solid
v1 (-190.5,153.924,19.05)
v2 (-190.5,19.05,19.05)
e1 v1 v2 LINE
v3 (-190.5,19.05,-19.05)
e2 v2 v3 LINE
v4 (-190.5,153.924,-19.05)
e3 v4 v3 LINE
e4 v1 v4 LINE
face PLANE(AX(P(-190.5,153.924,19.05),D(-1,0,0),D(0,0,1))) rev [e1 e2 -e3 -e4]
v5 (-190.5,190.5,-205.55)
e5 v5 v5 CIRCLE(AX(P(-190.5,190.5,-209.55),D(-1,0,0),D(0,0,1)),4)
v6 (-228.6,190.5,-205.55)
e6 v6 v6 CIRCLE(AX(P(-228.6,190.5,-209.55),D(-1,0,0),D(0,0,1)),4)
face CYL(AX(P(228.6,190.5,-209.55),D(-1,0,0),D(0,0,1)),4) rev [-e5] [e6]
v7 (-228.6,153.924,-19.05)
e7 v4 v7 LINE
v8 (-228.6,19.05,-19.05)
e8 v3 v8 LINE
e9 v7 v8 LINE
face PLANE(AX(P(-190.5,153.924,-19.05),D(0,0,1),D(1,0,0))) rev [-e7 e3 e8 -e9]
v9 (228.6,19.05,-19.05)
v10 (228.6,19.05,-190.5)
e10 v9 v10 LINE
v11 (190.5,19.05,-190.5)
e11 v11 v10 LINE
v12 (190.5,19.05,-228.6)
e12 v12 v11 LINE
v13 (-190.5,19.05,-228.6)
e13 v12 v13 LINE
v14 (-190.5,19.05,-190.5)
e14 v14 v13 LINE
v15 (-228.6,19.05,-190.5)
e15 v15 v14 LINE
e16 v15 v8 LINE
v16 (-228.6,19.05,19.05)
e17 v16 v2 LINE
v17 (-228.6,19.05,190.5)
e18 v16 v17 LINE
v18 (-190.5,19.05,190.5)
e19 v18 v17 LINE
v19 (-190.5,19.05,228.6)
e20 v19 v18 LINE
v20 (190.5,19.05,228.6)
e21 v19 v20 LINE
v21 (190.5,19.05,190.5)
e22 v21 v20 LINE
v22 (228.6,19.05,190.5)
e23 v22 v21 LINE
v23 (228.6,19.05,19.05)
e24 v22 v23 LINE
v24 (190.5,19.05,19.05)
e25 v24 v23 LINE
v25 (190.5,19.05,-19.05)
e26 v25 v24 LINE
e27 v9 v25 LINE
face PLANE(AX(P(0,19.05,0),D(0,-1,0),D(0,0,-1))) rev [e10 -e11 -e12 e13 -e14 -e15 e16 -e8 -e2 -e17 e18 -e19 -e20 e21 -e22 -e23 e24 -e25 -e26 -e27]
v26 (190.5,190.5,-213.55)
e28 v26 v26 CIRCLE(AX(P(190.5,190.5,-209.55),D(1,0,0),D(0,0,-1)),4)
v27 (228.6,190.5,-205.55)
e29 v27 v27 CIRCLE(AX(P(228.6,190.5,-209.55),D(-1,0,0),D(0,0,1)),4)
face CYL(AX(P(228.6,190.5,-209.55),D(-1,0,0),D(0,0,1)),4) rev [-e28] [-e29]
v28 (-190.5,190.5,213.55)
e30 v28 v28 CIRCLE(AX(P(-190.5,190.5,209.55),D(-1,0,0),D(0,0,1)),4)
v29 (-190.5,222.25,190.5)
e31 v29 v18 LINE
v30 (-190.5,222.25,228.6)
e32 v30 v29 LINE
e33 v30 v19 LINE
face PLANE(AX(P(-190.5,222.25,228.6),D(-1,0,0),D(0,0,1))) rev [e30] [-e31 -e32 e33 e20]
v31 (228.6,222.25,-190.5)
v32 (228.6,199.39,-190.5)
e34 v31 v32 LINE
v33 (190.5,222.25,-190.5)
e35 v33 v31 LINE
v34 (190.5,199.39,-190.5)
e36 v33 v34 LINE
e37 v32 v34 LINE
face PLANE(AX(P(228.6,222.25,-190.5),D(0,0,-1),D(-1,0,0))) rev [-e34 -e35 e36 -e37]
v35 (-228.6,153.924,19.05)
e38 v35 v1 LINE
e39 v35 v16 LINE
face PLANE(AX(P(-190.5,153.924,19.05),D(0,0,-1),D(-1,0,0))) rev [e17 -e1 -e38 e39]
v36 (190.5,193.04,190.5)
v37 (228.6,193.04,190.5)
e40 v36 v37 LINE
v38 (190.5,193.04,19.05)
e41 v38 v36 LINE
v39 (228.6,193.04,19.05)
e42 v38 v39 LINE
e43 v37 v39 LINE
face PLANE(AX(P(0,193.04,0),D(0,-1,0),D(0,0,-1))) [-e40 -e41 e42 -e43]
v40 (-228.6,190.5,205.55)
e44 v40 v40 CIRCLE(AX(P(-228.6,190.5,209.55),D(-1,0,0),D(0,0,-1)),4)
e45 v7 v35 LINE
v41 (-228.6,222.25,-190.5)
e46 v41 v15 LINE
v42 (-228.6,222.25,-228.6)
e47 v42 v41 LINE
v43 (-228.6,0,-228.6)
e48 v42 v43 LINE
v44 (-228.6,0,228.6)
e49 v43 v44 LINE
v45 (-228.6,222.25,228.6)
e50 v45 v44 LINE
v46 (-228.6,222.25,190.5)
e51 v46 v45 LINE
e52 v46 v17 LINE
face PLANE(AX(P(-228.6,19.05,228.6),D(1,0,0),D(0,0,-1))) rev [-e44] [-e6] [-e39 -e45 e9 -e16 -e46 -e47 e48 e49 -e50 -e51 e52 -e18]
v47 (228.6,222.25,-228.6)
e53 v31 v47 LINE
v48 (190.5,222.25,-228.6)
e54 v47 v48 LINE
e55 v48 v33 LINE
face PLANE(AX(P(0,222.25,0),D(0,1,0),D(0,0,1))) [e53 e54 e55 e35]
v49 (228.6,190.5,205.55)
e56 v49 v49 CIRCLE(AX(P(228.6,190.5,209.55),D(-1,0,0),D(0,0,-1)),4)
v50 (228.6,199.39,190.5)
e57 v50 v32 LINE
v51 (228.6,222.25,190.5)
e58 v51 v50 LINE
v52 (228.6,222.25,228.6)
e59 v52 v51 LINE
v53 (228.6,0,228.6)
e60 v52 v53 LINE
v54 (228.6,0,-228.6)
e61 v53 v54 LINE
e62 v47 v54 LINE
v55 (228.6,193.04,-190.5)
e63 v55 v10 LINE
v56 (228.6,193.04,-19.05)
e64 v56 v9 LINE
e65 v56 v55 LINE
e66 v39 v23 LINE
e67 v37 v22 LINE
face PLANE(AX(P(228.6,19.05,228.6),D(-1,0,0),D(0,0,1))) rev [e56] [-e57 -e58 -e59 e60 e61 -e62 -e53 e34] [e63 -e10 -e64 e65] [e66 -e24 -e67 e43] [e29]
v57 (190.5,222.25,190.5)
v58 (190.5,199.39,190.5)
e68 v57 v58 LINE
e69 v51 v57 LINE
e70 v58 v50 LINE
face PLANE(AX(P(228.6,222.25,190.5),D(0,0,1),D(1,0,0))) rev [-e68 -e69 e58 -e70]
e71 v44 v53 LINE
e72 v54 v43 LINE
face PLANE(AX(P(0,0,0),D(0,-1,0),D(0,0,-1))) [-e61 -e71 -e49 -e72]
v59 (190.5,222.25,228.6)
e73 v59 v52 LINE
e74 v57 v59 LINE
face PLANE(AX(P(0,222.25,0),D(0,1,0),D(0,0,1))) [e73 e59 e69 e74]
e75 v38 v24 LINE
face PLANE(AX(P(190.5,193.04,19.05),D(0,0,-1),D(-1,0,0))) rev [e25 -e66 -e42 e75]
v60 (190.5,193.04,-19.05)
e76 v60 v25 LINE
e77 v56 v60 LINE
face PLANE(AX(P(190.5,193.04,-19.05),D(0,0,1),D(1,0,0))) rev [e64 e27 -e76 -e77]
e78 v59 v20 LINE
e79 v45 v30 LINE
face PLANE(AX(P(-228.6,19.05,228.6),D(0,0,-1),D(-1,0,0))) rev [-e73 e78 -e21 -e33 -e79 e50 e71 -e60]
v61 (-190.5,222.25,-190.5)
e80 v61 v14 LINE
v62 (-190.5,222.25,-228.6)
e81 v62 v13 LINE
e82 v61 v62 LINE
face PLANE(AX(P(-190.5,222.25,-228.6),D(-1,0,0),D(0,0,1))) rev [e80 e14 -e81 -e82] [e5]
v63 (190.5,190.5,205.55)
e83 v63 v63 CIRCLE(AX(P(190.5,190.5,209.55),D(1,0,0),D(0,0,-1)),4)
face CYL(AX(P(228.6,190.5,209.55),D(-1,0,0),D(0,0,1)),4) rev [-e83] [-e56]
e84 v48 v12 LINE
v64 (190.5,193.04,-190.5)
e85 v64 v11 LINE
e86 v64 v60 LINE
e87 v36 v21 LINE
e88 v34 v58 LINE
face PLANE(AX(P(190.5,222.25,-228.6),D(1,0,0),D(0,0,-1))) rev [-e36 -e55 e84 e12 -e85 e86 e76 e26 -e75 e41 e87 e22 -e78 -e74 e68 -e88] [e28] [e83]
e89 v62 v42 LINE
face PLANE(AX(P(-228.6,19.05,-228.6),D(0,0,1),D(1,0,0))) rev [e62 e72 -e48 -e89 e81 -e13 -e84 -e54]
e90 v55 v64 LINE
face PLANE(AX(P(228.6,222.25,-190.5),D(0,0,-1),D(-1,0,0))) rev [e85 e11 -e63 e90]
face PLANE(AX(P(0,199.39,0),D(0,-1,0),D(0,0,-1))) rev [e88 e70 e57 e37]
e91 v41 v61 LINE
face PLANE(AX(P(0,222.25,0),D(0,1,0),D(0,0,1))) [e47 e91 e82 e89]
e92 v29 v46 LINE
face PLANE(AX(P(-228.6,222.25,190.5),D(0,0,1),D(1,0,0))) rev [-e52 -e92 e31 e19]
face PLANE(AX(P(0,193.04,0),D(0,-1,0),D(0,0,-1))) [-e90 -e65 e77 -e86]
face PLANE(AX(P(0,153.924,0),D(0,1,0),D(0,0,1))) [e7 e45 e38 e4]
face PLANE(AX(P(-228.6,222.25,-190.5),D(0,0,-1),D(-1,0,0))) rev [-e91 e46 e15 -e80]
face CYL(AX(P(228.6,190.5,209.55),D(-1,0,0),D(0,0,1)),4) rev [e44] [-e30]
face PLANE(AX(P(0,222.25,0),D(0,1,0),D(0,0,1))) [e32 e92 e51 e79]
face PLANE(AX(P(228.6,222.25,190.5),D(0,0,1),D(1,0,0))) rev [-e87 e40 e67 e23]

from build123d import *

# Parameters (mm, degrees)
SKETCH2_W           = 457.2
SKETCH2_H           = 457.2
BOSS_EXTRUDE1_DEPTH = 19.05
SKETCH3_W           = 38.1
SKETCH3_H           = 38.1
BOSS_EXTRUDE2_DEPTH = 203.2
SKETCH4_R           = 4
CUT_EXTRUDE1_DEPTH  = 457.2
SKETCH6_W           = 38.1
SKETCH6_H           = 38.1
BOSS_EXTRUDE3_DEPTH = 134.874
SKETCH7_W           = 38.1
SKETCH7_H           = 38.1
BOSS_EXTRUDE4_DEPTH = 173.99
SKETCH8_W           = 38.1
SKETCH8_H           = 381
BOSS_EXTRUDE5_DEPTH = 6.35


with BuildPart() as part:
    # Sketch2 → Boss-Extrude1 (new body)
    with BuildSketch(Plane(origin=(0, 0, 0), x_dir=(1, 0, 0), z_dir=(0, 1, 0))):
        Rectangle(SKETCH2_W, SKETCH2_H)
    extrude(amount=BOSS_EXTRUDE1_DEPTH)

    # Sketch3 → Boss-Extrude2 (add)
    with BuildSketch(Plane(origin=(0, 19.05, 0), x_dir=(1, 0, 0), z_dir=(0, 1, 0))):
        with Locations((209.55, 209.55)):
            Rectangle(SKETCH3_W, SKETCH3_H)
        with Locations((-209.55, 209.55)):
            Rectangle(SKETCH3_W, SKETCH3_H)
        with Locations((-209.55, -209.55)):
            Rectangle(SKETCH3_W, SKETCH3_H)
        with Locations((209.55, -209.55)):
            Rectangle(SKETCH3_W, SKETCH3_H)
    extrude(amount=BOSS_EXTRUDE2_DEPTH)

    # Sketch4 → Cut-Extrude1 (cut)
    with BuildSketch(Plane.ZY.offset(228.6)):
        with Locations((-209.55, 190.5)):
            Circle(SKETCH4_R)
        with Locations(Location((209.55, 190.5, 0), (0, 0, 180))):
            Circle(SKETCH4_R)
    extrude(amount=-CUT_EXTRUDE1_DEPTH, mode=Mode.SUBTRACT)

    # Sketch6 → Boss-Extrude3 (add)
    with BuildSketch(Plane(origin=(0, 19.05, 0), x_dir=(1, 0, 0), z_dir=(0, 1, 0))):
        with Locations((-209.55, 0)):
            Rectangle(SKETCH6_W, SKETCH6_H)
    extrude(amount=BOSS_EXTRUDE3_DEPTH)

    # Sketch7 → Boss-Extrude4 (add)
    with BuildSketch(Plane(origin=(0, 19.05, 0), x_dir=(1, 0, 0), z_dir=(0, 1, 0))):
        with Locations((209.55, 0)):
            Rectangle(SKETCH7_W, SKETCH7_H)
    extrude(amount=BOSS_EXTRUDE4_DEPTH)

    # Sketch8 → Boss-Extrude5 (add)
    with BuildSketch(Plane(origin=(0, 193.04, 0), x_dir=(1, 0, 0), z_dir=(0, 1, 0))):
        with Locations((209.55, 0)):
            Rectangle(SKETCH8_W, SKETCH8_H)
    extrude(amount=BOSS_EXTRUDE5_DEPTH)


solid = part.part
